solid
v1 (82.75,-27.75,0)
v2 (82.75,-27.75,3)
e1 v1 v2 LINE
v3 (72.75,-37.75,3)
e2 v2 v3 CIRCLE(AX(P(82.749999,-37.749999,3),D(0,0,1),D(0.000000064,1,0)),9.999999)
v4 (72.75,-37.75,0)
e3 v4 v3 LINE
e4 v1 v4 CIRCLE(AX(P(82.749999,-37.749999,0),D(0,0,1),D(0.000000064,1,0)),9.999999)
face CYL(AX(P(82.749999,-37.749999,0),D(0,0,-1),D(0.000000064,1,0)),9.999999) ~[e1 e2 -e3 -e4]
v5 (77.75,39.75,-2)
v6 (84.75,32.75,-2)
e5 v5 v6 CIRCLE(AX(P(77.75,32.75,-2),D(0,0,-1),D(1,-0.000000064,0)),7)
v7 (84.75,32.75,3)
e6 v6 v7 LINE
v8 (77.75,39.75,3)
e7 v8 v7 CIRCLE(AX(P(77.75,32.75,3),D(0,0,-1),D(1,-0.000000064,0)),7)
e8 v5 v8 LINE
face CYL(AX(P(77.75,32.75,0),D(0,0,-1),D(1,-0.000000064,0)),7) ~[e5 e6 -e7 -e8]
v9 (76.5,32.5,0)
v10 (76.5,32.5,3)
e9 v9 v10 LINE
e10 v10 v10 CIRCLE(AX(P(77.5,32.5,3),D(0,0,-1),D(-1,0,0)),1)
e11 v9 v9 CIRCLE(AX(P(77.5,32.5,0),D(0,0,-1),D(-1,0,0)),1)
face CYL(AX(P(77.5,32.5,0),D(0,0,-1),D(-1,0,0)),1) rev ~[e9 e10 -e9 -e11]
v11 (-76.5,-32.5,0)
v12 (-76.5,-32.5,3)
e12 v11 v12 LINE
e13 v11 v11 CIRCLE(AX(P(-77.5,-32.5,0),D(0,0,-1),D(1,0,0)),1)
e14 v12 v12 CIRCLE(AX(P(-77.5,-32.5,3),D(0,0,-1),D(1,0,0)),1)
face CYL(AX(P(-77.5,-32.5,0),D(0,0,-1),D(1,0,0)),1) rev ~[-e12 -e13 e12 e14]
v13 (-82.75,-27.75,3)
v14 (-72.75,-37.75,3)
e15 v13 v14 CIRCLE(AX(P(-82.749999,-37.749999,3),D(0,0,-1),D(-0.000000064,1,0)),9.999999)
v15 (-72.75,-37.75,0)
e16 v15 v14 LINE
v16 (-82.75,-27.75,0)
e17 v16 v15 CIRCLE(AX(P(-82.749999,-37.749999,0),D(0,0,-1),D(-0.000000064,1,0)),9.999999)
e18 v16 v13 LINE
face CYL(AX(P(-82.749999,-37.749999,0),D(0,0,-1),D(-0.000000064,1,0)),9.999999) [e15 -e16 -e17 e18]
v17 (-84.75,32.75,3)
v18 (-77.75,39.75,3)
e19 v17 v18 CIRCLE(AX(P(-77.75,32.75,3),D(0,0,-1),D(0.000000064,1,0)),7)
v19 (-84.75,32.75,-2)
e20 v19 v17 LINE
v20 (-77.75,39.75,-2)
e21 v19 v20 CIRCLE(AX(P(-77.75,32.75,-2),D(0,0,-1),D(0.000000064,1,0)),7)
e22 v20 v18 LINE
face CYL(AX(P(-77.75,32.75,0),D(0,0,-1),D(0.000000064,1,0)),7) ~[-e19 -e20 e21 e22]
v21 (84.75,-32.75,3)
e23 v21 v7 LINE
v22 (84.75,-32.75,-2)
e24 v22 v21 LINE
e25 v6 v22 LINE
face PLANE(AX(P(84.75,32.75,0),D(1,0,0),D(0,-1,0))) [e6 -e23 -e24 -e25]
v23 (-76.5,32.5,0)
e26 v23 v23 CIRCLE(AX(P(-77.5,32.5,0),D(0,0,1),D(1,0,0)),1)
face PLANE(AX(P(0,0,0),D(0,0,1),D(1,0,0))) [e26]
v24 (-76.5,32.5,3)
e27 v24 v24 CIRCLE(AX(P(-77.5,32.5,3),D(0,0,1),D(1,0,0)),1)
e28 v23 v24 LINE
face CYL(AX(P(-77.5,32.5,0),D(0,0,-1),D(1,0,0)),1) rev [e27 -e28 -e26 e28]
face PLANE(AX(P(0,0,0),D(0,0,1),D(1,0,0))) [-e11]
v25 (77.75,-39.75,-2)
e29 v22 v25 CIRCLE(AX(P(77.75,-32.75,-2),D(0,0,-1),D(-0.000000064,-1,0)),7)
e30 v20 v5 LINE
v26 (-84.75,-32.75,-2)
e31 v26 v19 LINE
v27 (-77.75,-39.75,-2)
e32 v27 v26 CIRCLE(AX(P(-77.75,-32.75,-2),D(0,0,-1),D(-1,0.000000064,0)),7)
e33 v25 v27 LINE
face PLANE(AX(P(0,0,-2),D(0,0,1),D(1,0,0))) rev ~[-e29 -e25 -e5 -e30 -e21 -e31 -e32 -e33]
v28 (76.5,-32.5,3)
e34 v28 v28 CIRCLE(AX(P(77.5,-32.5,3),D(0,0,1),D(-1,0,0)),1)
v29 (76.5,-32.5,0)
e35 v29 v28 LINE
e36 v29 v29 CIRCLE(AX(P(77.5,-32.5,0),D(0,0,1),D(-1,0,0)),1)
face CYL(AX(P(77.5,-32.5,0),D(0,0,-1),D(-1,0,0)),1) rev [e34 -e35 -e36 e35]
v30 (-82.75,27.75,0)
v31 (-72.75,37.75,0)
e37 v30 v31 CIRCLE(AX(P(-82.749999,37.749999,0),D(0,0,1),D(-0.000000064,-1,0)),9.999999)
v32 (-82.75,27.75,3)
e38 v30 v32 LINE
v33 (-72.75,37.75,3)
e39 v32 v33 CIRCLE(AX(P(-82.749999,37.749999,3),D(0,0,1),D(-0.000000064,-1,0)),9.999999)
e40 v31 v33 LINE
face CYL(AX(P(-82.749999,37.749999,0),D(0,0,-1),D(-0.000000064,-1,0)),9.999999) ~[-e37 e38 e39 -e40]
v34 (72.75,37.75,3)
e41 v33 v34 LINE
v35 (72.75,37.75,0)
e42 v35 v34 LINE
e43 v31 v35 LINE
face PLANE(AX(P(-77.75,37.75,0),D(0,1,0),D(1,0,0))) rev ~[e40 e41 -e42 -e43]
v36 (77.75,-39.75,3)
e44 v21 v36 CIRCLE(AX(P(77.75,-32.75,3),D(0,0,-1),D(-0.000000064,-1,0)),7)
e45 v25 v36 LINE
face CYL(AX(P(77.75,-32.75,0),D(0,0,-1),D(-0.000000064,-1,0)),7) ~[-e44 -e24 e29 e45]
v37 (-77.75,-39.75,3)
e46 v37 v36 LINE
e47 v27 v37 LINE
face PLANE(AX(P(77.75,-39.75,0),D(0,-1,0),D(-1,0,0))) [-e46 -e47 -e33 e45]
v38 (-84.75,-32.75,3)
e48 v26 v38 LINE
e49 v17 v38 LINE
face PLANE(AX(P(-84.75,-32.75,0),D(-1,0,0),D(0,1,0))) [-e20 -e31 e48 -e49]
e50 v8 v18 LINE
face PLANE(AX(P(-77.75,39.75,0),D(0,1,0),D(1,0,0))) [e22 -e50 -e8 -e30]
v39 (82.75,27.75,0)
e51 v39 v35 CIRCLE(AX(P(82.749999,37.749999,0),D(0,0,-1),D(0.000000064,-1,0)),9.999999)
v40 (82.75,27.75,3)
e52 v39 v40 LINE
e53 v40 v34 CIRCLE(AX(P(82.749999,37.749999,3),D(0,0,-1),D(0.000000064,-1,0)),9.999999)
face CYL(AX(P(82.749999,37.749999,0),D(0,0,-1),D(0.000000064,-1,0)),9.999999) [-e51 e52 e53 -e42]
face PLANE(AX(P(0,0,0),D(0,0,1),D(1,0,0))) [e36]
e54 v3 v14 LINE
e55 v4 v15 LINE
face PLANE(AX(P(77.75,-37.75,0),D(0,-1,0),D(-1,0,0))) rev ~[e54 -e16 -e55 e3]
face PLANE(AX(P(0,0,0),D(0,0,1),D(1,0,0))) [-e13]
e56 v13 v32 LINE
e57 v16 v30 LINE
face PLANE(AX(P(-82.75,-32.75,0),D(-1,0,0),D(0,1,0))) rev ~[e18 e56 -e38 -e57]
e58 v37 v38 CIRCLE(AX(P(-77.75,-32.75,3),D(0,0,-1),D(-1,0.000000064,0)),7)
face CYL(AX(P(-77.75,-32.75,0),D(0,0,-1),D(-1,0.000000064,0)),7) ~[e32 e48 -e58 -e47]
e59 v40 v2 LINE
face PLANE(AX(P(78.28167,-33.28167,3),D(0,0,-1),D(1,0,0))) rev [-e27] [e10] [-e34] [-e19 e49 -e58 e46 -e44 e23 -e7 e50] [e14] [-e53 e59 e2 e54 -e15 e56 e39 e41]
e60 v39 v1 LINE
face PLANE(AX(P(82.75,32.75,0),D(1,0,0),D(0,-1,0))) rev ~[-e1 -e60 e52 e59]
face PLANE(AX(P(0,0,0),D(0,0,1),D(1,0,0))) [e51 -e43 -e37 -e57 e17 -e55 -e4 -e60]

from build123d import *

# Parameters (mm, degrees)
PAD_DEPTH               = 3
THICKNESS_T             = 2
SKETCH001_R             = 1
PAD001_DEPTH            = 3
SKETCH001_MIRRORED_2_R  = 1
PAD001_MIRRORED_2_DEPTH = 3


with BuildPart() as part:
    # Sketch → Pad (new body)
    with BuildSketch(Plane.XY):
        with BuildLine():
            ThreePointArc((-77.75, 37.75), (-81.285534, 36.285534), (-82.75, 32.75))
            Line((-82.75, -32.75), (-82.75, 32.75))
            ThreePointArc((-82.75, -32.75), (-81.285534, -36.285534), (-77.75, -37.75))
            Line((77.75, -37.75), (-77.75, -37.75))
            ThreePointArc((77.75, -37.75), (81.285534, -36.285534), (82.75, -32.75))
            Line((82.75, 32.75), (82.75, -32.75))
            ThreePointArc((82.75, 32.75), (81.285534, 36.285534), (77.75, 37.75))
            Line((-77.75, 37.75), (77.75, 37.75))
        make_face()
    extrude(amount=PAD_DEPTH)

    # Thickness
    thickness_openings = [part.faces().sort_by_distance(p)[0] for p in [
        (0, 0, 3),
    ]]
    offset(amount=THICKNESS_T, openings=thickness_openings, kind=Kind.INTERSECTION)

    # Sketch001 (on Face9 of Thickness) → Pad001 (join)
    with BuildSketch(Plane.XY):
        with BuildLine():
            Line((-82.75, 32.75), (-82.75, 27.75))
            ThreePointArc((-82.75, 27.75), (-75.678932, 30.678932), (-72.75, 37.75))
            Line((-77.75, 37.75), (-72.75, 37.75))
            ThreePointArc((-77.75, 37.75), (-81.285534, 36.285534), (-82.75, 32.75))
        make_face()
        with Locations((-77.5, 32.5)):
            Circle(SKETCH001_R, mode=Mode.SUBTRACT)
    pad001 = extrude(amount=PAD001_DEPTH)

    # Sketch001 Mirrored 2 → Pad001 Mirrored 2 (add)
    with BuildSketch(Plane(origin=(0, 0, 0), x_dir=(-1, 0, 0), z_dir=(0, 0, -1))):
        with BuildLine():
            Line((-82.75, 32.75), (-82.75, 27.75))
            ThreePointArc((-82.75, 27.75), (-75.678932, 30.678932), (-72.75, 37.75))
            Line((-77.75, 37.75), (-72.75, 37.75))
            ThreePointArc((-77.75, 37.75), (-81.285534, 36.285534), (-82.75, 32.75))
        make_face()
        with Locations((-77.5, 32.5)):
            Circle(SKETCH001_MIRRORED_2_R, mode=Mode.SUBTRACT)
    pad001_mirrored_2 = extrude(amount=-PAD001_MIRRORED_2_DEPTH)

    # Mirrored001: Pad001, Pad001 Mirrored 2 across Sketch001 H_Axis
    add(pad001.mirror(Plane.ZX))
    add(pad001_mirrored_2.mirror(Plane.ZX))


solid = part.part
